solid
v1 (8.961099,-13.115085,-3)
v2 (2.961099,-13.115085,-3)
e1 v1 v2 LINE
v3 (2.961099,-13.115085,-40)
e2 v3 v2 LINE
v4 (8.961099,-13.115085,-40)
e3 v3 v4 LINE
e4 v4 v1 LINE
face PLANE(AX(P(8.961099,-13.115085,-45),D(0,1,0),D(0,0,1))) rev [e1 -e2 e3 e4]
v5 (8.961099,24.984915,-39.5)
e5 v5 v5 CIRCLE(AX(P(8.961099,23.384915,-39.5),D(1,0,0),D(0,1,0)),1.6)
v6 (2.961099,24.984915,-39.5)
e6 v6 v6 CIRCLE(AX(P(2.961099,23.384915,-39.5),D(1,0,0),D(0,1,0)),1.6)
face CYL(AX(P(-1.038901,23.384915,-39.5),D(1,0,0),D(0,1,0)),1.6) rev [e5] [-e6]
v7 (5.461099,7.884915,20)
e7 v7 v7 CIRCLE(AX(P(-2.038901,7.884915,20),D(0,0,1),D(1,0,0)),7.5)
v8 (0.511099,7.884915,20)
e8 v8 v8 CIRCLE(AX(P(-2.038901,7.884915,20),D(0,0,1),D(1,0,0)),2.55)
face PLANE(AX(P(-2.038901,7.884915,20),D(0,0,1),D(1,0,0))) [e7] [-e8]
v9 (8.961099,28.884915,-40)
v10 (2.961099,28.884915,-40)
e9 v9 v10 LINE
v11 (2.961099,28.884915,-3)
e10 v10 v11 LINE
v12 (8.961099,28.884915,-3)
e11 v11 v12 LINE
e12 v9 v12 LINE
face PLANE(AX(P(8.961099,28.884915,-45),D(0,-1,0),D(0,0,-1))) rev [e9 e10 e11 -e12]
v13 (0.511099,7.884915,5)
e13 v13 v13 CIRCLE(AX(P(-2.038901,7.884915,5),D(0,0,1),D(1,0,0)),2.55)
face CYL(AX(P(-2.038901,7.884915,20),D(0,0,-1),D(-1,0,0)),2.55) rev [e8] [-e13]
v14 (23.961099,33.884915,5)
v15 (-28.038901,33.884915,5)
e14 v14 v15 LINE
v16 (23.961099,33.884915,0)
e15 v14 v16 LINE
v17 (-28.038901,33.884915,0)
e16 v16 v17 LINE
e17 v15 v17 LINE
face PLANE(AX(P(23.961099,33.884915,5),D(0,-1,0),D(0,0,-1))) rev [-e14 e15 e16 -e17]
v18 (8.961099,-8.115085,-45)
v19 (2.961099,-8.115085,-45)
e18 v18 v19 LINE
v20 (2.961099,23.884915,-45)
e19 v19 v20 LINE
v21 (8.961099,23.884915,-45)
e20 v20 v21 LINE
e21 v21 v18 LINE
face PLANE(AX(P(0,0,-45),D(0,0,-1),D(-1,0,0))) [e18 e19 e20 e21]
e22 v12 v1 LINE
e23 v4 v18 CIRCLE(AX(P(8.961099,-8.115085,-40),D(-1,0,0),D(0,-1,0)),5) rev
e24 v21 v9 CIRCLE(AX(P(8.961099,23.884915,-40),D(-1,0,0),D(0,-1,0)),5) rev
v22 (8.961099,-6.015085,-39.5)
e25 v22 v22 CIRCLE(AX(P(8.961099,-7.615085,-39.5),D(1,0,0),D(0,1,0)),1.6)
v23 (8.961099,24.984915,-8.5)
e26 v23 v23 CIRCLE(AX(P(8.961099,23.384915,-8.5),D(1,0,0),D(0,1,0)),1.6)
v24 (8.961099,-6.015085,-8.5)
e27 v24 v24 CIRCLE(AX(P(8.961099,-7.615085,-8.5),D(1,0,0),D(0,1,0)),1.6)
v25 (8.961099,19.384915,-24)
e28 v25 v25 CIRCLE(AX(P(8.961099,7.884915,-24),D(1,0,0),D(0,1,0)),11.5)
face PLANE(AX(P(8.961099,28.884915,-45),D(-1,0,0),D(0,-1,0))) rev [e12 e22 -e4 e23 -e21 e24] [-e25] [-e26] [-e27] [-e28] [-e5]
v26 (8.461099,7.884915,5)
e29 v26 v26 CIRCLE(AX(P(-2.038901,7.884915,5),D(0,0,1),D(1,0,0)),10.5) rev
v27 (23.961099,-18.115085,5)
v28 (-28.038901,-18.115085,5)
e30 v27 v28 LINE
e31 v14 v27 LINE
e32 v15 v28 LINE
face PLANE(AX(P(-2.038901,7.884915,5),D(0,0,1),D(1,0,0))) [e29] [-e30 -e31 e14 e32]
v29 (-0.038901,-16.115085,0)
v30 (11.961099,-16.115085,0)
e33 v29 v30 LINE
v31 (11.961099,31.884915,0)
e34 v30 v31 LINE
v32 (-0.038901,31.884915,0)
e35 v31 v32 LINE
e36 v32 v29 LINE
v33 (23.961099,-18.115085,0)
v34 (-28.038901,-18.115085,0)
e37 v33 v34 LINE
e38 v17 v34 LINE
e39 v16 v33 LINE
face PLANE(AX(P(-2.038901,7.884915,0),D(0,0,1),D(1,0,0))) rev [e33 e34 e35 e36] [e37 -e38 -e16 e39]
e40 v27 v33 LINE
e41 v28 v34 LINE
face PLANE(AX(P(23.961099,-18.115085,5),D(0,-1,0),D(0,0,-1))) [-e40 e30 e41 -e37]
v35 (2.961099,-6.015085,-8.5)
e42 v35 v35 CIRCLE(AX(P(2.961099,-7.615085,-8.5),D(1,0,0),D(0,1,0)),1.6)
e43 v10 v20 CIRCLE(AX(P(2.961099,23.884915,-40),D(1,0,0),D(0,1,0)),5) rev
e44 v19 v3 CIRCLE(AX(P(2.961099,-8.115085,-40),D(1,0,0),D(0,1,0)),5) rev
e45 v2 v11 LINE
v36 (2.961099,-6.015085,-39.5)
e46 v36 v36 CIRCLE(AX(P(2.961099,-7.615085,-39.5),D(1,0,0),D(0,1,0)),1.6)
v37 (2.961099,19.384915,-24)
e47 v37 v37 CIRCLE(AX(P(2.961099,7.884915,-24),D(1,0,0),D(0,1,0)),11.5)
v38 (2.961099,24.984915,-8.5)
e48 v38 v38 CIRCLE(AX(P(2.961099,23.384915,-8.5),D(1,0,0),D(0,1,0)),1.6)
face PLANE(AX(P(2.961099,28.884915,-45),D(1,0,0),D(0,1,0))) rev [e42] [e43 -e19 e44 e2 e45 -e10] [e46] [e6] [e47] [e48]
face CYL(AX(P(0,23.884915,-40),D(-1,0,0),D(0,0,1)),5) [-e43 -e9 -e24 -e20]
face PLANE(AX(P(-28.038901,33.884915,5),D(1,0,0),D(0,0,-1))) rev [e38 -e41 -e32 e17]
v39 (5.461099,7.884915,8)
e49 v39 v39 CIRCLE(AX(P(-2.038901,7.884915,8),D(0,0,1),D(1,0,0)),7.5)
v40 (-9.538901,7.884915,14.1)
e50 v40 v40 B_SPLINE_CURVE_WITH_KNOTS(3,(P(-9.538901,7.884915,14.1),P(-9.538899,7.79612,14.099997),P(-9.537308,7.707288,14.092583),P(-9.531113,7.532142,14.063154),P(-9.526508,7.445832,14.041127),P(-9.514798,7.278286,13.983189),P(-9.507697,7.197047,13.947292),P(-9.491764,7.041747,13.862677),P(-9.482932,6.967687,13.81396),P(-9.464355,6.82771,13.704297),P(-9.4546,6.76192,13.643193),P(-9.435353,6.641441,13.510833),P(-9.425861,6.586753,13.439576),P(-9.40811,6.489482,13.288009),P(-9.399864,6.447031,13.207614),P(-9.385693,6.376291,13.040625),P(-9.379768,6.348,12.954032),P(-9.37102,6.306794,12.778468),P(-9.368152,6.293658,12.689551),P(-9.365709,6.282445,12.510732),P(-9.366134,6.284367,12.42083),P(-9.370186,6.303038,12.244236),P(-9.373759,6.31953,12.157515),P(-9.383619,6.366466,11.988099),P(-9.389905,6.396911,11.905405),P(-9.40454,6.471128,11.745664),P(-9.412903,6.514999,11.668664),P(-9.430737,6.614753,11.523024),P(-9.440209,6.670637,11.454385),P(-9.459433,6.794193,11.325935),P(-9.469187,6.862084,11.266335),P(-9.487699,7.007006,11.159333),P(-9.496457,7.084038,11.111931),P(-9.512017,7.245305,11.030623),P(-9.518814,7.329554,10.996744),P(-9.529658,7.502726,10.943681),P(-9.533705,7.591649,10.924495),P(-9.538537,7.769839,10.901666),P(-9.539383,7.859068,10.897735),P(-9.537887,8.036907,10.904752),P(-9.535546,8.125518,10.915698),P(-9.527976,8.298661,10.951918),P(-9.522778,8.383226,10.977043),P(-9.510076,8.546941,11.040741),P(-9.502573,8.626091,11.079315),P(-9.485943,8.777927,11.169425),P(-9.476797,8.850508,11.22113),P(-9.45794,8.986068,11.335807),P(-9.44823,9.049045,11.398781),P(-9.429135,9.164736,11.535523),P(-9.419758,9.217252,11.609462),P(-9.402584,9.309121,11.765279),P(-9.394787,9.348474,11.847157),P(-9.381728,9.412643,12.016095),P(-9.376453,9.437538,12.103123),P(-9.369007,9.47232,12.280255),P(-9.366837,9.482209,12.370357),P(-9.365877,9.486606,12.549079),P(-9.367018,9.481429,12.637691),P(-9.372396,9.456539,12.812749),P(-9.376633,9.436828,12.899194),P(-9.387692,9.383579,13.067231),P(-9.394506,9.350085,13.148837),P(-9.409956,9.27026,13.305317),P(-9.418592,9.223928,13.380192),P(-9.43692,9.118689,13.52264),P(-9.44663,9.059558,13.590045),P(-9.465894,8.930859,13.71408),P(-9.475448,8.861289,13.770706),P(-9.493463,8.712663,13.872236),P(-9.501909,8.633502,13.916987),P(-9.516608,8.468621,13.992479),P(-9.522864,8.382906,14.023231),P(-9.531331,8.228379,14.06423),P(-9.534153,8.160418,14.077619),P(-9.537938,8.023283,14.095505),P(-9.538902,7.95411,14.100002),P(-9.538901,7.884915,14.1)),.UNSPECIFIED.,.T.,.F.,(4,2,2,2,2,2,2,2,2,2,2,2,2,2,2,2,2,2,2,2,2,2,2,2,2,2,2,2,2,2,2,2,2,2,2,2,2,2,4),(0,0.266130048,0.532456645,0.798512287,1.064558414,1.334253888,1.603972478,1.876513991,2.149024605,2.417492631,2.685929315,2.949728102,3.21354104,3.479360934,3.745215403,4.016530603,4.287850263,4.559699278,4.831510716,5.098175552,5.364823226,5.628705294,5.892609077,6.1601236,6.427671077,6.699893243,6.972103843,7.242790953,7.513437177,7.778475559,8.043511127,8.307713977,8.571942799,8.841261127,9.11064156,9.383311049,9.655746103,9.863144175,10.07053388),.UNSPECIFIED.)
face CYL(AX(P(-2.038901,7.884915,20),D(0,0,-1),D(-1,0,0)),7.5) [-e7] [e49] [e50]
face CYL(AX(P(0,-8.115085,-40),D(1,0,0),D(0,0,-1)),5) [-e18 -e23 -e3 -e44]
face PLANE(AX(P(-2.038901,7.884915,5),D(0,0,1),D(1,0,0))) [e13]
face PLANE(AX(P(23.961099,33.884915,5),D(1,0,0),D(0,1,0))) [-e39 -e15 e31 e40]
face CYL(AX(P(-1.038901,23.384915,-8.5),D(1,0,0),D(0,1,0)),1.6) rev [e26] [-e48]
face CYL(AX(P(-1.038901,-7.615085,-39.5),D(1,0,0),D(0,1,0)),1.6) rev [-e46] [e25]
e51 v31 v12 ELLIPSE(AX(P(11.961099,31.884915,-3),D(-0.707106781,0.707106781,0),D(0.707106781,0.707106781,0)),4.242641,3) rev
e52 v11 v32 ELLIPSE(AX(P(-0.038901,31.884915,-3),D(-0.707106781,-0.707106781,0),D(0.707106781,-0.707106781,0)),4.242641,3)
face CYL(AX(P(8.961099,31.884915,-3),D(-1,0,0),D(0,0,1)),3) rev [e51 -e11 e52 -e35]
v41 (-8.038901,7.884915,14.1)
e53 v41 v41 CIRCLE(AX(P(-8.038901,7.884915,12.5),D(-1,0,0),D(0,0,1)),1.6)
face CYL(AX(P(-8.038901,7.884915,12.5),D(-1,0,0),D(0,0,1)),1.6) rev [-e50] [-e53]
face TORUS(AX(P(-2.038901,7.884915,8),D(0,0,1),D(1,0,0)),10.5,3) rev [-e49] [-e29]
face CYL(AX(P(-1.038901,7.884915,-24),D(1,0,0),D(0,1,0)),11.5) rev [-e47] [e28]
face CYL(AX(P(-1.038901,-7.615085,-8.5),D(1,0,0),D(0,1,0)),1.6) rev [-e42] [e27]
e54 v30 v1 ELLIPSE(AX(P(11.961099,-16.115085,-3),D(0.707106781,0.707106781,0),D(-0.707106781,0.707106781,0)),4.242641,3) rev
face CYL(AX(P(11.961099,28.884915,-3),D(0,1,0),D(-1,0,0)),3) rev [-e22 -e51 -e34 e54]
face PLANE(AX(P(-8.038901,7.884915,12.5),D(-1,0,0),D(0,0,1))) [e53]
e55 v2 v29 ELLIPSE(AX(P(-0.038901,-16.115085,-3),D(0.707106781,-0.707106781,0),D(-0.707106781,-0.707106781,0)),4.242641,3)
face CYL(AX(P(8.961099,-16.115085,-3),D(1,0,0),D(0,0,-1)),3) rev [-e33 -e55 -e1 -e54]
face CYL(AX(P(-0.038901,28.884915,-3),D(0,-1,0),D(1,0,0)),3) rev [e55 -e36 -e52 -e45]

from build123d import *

# Parameters (mm, degrees)
SKETCH_1_R          = 26
EXTRUDE_1_DEPTH     = 5
SKETCH_2_R          = 7.5
SKETCH_2_R_2        = 2.55
EXTRUDE_2_DEPTH     = 15
SKETCH_4_R          = 1.6
CUT_EXTRUDE_1_DEPTH = 20
SKETCH_6_R          = 40.158600147
EXTRUDE_4_DEPTH     = 5
SKETCH_7_R          = 40.158600147
SKETCH_7_W          = 52
SKETCH_7_H          = 52
CUT_EXTRUDE_2_DEPTH = 5
SKETCH_8_W          = 6
SKETCH_8_H          = 42
EXTRUDE_5_DEPTH     = 45
SKETCH_9_R          = 11.5
SKETCH_9_R_2        = 1.6
CUT_EXTRUDE_3_DEPTH = 10
FILLET_1_R          = 5
FILLET_2_R          = 3


with BuildPart() as part:
    # 草图1 → 凸台-拉伸1 (new body)
    with BuildSketch(Plane.XY):
        with Locations((-2.038900501, 7.884914675)):
            Circle(SKETCH_1_R)
    extrude(amount=EXTRUDE_1_DEPTH)

    # 草图2 → 凸台-拉伸2 (add)
    with BuildSketch(Plane.XY.offset(5)):
        with Locations((-2.038900501, 7.884914675)):
            Circle(SKETCH_2_R)
        with Locations((-2.038900501, 7.884914675)):
            Circle(SKETCH_2_R_2, mode=Mode.SUBTRACT)
    extrude(amount=EXTRUDE_2_DEPTH)

    # 草图4 → 切除-拉伸1 (cut)
    with BuildSketch(Plane.ZY.offset(28.038900501)):
        with Locations((12.5, 7.884914675)):
            Circle(SKETCH_4_R)
    extrude(amount=-CUT_EXTRUDE_1_DEPTH, mode=Mode.SUBTRACT)

    # 草图6 → 凸台-拉伸4 (add)
    with BuildSketch(Plane(origin=(0, 0, 0), x_dir=(-1, 0, 0), z_dir=(0, 0, -1))):
        with Locations((2.038900501, 7.884914675)):
            Circle(SKETCH_6_R)
    extrude(amount=-EXTRUDE_4_DEPTH)

    # 草图7 → 切除-拉伸2 (cut)
    with BuildSketch(Plane(origin=(0, 0, 0), x_dir=(-1, 0, 0), z_dir=(0, 0, -1))):
        with Locations((2.038900501, 7.884914675)):
            Circle(SKETCH_7_R)
        with Locations((2.038900501, 7.884914675)):
            Rectangle(SKETCH_7_W, SKETCH_7_H, mode=Mode.SUBTRACT)
    extrude(amount=-CUT_EXTRUDE_2_DEPTH, mode=Mode.SUBTRACT)

    # 草图8 → 凸台-拉伸5 (add)
    with BuildSketch(Plane(origin=(0, 0, 0), x_dir=(-1, 0, 0), z_dir=(0, 0, -1))):
        with Locations((-5.961099499, 7.884914675)):
            Rectangle(SKETCH_8_W, SKETCH_8_H)
    extrude(amount=EXTRUDE_5_DEPTH)

    # 草图9 → 切除-拉伸3 (cut)
    with BuildSketch(Plane(origin=(8.961099499, 0, 0), x_dir=(0, 0, -1), z_dir=(1, 0, 0))):
        with Locations((24, 7.884914675)):
            Circle(SKETCH_9_R)
        with Locations((39.5, 23.384914675)):
            Circle(SKETCH_9_R_2)
        with Locations((8.5, -7.615085325)):
            Circle(SKETCH_9_R_2)
        with Locations((39.5, -7.615085325)):
            Circle(SKETCH_9_R_2)
        with Locations((8.5, 23.384914675)):
            Circle(SKETCH_9_R_2)
    extrude(amount=-CUT_EXTRUDE_3_DEPTH, mode=Mode.SUBTRACT)

    # 圆角1
    fillet_1_edges = [part.edges().sort_by_distance(p)[0] for p in [
        (5.961099499, -13.115085325, -45),
        (5.961099499, 28.884914675, -45),
    ]]
    fillet(fillet_1_edges, radius=FILLET_1_R)

    # 圆角2
    fillet_2_edges = [part.edges().sort_by_distance(p)[0] for p in [
        (8.961099499, 7.884914675, 0),
        (5.961099499, -13.115085325, 0),
        (2.961099499, 7.884914675, 0),
        (5.961099499, 28.884914675, 0),
        (-9.538900501, 7.884914675, 5),
    ]]
    fillet(fillet_2_edges, radius=FILLET_2_R)


solid = part.part
